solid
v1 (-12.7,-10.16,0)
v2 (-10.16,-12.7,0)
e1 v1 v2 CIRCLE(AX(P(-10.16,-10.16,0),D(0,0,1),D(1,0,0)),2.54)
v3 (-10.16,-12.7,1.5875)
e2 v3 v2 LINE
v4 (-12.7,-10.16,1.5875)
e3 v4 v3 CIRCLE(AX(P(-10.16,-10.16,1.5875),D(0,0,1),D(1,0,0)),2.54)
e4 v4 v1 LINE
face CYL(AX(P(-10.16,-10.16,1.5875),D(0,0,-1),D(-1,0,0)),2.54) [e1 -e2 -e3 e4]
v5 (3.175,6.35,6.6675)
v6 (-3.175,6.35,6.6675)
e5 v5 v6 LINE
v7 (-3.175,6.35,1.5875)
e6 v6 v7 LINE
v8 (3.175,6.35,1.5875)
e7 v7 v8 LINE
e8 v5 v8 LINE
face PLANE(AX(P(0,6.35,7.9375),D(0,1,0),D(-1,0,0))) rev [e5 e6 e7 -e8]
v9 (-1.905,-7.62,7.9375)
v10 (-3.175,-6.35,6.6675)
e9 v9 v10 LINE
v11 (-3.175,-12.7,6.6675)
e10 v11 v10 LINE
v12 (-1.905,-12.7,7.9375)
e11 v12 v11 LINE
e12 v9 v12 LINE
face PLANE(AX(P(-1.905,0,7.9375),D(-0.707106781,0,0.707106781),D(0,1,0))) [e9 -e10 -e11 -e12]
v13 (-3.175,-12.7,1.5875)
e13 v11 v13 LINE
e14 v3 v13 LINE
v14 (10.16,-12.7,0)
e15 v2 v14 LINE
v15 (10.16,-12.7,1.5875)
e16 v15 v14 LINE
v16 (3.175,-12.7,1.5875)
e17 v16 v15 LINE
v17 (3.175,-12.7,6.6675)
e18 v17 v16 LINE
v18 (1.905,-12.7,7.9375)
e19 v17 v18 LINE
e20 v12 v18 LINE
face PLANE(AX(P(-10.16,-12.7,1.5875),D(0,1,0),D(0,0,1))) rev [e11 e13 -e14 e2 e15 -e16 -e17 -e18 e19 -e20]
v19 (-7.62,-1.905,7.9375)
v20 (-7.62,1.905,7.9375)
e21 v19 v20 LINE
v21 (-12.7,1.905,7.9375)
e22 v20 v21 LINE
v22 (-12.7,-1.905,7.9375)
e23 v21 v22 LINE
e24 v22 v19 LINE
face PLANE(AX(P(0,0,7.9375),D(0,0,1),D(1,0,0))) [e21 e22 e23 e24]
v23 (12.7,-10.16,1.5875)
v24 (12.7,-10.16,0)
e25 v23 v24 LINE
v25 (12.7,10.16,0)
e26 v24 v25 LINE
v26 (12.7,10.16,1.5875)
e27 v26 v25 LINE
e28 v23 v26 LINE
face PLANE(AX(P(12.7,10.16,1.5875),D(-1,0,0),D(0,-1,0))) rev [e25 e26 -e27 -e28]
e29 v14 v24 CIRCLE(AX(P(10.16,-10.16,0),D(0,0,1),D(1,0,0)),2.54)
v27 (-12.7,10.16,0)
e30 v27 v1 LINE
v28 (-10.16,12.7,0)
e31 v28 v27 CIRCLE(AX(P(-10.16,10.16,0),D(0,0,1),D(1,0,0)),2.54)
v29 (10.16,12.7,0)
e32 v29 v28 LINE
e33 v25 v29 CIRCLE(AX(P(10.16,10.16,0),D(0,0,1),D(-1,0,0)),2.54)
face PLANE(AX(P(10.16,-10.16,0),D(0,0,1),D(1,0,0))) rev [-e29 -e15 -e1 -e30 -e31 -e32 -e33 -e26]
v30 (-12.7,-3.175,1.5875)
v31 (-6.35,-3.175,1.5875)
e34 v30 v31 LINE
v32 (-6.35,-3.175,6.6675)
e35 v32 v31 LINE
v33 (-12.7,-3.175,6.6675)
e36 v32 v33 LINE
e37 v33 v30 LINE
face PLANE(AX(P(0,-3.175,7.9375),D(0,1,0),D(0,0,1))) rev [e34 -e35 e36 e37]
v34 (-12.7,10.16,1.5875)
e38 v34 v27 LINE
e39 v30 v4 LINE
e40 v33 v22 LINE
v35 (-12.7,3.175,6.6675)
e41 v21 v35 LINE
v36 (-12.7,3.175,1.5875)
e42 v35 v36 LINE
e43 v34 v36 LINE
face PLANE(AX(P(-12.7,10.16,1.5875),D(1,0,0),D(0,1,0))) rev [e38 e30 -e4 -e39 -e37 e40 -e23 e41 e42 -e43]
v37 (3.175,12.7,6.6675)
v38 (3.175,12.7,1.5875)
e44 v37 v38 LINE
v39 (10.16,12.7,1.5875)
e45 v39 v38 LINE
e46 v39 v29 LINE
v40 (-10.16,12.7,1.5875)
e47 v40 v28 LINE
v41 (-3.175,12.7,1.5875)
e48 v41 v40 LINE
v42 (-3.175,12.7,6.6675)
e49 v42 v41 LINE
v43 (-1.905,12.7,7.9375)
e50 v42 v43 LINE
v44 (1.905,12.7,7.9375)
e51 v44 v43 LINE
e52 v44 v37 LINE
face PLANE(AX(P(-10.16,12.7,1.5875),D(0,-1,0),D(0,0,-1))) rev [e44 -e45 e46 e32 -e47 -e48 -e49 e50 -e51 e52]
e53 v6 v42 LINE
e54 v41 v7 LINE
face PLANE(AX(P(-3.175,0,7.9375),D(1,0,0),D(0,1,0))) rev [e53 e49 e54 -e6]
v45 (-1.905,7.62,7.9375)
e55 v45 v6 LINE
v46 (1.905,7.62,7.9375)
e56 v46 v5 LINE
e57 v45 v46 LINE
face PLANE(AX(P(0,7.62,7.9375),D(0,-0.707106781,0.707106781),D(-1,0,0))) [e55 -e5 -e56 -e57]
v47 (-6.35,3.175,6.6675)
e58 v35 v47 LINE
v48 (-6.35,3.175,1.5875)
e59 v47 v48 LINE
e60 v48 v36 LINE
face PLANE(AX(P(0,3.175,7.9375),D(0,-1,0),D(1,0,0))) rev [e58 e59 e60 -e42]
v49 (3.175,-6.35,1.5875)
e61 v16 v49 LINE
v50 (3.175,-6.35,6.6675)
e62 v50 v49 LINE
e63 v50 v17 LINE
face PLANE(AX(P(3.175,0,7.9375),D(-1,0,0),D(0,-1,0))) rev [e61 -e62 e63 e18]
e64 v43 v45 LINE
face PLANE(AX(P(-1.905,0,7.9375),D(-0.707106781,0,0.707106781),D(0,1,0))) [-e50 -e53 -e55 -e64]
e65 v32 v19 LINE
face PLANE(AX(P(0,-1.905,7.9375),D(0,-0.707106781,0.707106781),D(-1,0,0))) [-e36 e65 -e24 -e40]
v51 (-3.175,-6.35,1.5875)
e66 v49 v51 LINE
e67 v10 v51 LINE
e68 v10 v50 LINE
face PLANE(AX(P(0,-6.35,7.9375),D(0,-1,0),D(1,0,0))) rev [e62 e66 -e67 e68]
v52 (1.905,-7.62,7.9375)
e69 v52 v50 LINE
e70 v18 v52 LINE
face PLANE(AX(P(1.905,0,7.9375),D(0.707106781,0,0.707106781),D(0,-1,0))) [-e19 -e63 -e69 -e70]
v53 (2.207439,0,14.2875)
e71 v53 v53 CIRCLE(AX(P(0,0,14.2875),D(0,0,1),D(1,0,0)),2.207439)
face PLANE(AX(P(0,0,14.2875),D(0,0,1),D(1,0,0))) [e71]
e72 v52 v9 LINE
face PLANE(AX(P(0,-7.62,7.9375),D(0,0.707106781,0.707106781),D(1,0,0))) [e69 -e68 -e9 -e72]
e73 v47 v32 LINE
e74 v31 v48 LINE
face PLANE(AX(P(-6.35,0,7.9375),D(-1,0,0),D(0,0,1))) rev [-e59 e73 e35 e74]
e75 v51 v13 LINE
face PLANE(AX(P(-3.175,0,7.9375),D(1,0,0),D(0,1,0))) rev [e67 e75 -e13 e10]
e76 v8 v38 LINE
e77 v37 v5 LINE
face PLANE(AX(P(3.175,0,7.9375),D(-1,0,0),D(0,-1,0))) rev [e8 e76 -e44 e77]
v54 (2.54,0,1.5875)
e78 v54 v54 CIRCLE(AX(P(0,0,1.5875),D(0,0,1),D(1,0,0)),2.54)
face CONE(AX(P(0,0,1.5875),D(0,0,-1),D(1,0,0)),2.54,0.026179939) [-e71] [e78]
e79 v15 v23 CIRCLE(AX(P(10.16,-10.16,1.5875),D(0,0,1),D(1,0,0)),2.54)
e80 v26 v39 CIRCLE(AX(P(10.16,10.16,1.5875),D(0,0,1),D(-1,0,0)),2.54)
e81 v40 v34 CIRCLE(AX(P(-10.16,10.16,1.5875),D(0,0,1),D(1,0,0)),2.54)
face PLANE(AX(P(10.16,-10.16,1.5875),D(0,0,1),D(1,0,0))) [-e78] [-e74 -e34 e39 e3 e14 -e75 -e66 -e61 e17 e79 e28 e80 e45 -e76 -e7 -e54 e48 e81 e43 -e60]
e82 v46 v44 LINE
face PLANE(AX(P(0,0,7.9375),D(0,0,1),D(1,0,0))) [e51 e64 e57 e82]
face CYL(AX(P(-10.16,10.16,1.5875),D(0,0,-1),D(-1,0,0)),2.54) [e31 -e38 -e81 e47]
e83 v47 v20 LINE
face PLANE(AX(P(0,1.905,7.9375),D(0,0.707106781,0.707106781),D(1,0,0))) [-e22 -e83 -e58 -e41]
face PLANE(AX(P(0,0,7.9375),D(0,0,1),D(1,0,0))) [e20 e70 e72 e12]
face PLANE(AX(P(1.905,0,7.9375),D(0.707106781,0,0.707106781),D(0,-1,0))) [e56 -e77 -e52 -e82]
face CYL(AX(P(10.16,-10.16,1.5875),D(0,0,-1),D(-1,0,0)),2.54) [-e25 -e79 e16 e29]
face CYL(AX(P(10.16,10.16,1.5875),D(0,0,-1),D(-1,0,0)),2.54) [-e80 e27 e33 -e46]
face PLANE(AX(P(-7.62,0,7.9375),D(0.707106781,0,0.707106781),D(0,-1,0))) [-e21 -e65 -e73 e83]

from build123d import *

# Parameters (mm, degrees)
BOSS_EXTRUDE1_DEPTH = 1.5875
SKETCH2_W           = 6.35
SKETCH2_H           = 6.35
BOSS_EXTRUDE3_DEPTH = 6.35
SKETCH2_4_R         = 2.54
BOSS_EXTRUDE4_DEPTH = 12.7
BOSS_EXTRUDE4_TAPER = 1.5
CHAMFER1_SIZE       = 1.27


with BuildPart() as part:
    # Sketch1 → Boss-Extrude1 (new body)
    with BuildSketch(Plane.XY):
        with BuildLine():
            Line((-10.16, 12.7), (10.16, 12.7))
            ThreePointArc((10.16, 12.7), (11.956051224, 11.956051224), (12.7, 10.16))
            Line((12.7, 10.16), (12.7, -10.16))
            ThreePointArc((12.7, -10.16), (11.956051224, -11.956051224), (10.16, -12.7))
            Line((10.16, -12.7), (-10.16, -12.7))
            ThreePointArc((-10.16, -12.7), (-11.956051224, -11.956051224), (-12.7, -10.16))
            Line((-12.7, -10.16), (-12.7, 10.16))
            ThreePointArc((-12.7, 10.16), (-11.956051224, 11.956051224), (-10.16, 12.7))
        make_face()
    extrude(amount=BOSS_EXTRUDE1_DEPTH)

    # Sketch2 → Boss-Extrude3 (add)
    with BuildSketch(Plane.XY.offset(1.5875)):
        with Locations((0, -9.525)):
            Rectangle(SKETCH2_W, SKETCH2_H)
        with Locations((-9.525, 0)):
            Rectangle(SKETCH2_W, SKETCH2_H)
        with Locations((0, 9.525)):
            Rectangle(SKETCH2_W, SKETCH2_H)
    extrude(amount=BOSS_EXTRUDE3_DEPTH)

    # Sketch2<4> → Boss-Extrude4 (add)
    with BuildSketch(Plane.XY.offset(1.5875)):
        Circle(SKETCH2_4_R)
    extrude(amount=BOSS_EXTRUDE4_DEPTH, taper=BOSS_EXTRUDE4_TAPER)

    # Chamfer1
    chamfer1_edges = [part.edges().sort_by_distance(p)[0] for p in [
        (3.175, -9.525, 7.9375),
        (0, -6.35, 7.9375),
        (-3.175, -9.525, 7.9375),
        (-6.35, 0, 7.9375),
        (-9.525, 3.175, 7.9375),
        (-9.525, -3.175, 7.9375),
        (-3.175, 9.525, 7.9375),
        (0, 6.35, 7.9375),
        (3.175, 9.525, 7.9375),
    ]]
    chamfer(chamfer1_edges, length=CHAMFER1_SIZE)


solid = part.part
